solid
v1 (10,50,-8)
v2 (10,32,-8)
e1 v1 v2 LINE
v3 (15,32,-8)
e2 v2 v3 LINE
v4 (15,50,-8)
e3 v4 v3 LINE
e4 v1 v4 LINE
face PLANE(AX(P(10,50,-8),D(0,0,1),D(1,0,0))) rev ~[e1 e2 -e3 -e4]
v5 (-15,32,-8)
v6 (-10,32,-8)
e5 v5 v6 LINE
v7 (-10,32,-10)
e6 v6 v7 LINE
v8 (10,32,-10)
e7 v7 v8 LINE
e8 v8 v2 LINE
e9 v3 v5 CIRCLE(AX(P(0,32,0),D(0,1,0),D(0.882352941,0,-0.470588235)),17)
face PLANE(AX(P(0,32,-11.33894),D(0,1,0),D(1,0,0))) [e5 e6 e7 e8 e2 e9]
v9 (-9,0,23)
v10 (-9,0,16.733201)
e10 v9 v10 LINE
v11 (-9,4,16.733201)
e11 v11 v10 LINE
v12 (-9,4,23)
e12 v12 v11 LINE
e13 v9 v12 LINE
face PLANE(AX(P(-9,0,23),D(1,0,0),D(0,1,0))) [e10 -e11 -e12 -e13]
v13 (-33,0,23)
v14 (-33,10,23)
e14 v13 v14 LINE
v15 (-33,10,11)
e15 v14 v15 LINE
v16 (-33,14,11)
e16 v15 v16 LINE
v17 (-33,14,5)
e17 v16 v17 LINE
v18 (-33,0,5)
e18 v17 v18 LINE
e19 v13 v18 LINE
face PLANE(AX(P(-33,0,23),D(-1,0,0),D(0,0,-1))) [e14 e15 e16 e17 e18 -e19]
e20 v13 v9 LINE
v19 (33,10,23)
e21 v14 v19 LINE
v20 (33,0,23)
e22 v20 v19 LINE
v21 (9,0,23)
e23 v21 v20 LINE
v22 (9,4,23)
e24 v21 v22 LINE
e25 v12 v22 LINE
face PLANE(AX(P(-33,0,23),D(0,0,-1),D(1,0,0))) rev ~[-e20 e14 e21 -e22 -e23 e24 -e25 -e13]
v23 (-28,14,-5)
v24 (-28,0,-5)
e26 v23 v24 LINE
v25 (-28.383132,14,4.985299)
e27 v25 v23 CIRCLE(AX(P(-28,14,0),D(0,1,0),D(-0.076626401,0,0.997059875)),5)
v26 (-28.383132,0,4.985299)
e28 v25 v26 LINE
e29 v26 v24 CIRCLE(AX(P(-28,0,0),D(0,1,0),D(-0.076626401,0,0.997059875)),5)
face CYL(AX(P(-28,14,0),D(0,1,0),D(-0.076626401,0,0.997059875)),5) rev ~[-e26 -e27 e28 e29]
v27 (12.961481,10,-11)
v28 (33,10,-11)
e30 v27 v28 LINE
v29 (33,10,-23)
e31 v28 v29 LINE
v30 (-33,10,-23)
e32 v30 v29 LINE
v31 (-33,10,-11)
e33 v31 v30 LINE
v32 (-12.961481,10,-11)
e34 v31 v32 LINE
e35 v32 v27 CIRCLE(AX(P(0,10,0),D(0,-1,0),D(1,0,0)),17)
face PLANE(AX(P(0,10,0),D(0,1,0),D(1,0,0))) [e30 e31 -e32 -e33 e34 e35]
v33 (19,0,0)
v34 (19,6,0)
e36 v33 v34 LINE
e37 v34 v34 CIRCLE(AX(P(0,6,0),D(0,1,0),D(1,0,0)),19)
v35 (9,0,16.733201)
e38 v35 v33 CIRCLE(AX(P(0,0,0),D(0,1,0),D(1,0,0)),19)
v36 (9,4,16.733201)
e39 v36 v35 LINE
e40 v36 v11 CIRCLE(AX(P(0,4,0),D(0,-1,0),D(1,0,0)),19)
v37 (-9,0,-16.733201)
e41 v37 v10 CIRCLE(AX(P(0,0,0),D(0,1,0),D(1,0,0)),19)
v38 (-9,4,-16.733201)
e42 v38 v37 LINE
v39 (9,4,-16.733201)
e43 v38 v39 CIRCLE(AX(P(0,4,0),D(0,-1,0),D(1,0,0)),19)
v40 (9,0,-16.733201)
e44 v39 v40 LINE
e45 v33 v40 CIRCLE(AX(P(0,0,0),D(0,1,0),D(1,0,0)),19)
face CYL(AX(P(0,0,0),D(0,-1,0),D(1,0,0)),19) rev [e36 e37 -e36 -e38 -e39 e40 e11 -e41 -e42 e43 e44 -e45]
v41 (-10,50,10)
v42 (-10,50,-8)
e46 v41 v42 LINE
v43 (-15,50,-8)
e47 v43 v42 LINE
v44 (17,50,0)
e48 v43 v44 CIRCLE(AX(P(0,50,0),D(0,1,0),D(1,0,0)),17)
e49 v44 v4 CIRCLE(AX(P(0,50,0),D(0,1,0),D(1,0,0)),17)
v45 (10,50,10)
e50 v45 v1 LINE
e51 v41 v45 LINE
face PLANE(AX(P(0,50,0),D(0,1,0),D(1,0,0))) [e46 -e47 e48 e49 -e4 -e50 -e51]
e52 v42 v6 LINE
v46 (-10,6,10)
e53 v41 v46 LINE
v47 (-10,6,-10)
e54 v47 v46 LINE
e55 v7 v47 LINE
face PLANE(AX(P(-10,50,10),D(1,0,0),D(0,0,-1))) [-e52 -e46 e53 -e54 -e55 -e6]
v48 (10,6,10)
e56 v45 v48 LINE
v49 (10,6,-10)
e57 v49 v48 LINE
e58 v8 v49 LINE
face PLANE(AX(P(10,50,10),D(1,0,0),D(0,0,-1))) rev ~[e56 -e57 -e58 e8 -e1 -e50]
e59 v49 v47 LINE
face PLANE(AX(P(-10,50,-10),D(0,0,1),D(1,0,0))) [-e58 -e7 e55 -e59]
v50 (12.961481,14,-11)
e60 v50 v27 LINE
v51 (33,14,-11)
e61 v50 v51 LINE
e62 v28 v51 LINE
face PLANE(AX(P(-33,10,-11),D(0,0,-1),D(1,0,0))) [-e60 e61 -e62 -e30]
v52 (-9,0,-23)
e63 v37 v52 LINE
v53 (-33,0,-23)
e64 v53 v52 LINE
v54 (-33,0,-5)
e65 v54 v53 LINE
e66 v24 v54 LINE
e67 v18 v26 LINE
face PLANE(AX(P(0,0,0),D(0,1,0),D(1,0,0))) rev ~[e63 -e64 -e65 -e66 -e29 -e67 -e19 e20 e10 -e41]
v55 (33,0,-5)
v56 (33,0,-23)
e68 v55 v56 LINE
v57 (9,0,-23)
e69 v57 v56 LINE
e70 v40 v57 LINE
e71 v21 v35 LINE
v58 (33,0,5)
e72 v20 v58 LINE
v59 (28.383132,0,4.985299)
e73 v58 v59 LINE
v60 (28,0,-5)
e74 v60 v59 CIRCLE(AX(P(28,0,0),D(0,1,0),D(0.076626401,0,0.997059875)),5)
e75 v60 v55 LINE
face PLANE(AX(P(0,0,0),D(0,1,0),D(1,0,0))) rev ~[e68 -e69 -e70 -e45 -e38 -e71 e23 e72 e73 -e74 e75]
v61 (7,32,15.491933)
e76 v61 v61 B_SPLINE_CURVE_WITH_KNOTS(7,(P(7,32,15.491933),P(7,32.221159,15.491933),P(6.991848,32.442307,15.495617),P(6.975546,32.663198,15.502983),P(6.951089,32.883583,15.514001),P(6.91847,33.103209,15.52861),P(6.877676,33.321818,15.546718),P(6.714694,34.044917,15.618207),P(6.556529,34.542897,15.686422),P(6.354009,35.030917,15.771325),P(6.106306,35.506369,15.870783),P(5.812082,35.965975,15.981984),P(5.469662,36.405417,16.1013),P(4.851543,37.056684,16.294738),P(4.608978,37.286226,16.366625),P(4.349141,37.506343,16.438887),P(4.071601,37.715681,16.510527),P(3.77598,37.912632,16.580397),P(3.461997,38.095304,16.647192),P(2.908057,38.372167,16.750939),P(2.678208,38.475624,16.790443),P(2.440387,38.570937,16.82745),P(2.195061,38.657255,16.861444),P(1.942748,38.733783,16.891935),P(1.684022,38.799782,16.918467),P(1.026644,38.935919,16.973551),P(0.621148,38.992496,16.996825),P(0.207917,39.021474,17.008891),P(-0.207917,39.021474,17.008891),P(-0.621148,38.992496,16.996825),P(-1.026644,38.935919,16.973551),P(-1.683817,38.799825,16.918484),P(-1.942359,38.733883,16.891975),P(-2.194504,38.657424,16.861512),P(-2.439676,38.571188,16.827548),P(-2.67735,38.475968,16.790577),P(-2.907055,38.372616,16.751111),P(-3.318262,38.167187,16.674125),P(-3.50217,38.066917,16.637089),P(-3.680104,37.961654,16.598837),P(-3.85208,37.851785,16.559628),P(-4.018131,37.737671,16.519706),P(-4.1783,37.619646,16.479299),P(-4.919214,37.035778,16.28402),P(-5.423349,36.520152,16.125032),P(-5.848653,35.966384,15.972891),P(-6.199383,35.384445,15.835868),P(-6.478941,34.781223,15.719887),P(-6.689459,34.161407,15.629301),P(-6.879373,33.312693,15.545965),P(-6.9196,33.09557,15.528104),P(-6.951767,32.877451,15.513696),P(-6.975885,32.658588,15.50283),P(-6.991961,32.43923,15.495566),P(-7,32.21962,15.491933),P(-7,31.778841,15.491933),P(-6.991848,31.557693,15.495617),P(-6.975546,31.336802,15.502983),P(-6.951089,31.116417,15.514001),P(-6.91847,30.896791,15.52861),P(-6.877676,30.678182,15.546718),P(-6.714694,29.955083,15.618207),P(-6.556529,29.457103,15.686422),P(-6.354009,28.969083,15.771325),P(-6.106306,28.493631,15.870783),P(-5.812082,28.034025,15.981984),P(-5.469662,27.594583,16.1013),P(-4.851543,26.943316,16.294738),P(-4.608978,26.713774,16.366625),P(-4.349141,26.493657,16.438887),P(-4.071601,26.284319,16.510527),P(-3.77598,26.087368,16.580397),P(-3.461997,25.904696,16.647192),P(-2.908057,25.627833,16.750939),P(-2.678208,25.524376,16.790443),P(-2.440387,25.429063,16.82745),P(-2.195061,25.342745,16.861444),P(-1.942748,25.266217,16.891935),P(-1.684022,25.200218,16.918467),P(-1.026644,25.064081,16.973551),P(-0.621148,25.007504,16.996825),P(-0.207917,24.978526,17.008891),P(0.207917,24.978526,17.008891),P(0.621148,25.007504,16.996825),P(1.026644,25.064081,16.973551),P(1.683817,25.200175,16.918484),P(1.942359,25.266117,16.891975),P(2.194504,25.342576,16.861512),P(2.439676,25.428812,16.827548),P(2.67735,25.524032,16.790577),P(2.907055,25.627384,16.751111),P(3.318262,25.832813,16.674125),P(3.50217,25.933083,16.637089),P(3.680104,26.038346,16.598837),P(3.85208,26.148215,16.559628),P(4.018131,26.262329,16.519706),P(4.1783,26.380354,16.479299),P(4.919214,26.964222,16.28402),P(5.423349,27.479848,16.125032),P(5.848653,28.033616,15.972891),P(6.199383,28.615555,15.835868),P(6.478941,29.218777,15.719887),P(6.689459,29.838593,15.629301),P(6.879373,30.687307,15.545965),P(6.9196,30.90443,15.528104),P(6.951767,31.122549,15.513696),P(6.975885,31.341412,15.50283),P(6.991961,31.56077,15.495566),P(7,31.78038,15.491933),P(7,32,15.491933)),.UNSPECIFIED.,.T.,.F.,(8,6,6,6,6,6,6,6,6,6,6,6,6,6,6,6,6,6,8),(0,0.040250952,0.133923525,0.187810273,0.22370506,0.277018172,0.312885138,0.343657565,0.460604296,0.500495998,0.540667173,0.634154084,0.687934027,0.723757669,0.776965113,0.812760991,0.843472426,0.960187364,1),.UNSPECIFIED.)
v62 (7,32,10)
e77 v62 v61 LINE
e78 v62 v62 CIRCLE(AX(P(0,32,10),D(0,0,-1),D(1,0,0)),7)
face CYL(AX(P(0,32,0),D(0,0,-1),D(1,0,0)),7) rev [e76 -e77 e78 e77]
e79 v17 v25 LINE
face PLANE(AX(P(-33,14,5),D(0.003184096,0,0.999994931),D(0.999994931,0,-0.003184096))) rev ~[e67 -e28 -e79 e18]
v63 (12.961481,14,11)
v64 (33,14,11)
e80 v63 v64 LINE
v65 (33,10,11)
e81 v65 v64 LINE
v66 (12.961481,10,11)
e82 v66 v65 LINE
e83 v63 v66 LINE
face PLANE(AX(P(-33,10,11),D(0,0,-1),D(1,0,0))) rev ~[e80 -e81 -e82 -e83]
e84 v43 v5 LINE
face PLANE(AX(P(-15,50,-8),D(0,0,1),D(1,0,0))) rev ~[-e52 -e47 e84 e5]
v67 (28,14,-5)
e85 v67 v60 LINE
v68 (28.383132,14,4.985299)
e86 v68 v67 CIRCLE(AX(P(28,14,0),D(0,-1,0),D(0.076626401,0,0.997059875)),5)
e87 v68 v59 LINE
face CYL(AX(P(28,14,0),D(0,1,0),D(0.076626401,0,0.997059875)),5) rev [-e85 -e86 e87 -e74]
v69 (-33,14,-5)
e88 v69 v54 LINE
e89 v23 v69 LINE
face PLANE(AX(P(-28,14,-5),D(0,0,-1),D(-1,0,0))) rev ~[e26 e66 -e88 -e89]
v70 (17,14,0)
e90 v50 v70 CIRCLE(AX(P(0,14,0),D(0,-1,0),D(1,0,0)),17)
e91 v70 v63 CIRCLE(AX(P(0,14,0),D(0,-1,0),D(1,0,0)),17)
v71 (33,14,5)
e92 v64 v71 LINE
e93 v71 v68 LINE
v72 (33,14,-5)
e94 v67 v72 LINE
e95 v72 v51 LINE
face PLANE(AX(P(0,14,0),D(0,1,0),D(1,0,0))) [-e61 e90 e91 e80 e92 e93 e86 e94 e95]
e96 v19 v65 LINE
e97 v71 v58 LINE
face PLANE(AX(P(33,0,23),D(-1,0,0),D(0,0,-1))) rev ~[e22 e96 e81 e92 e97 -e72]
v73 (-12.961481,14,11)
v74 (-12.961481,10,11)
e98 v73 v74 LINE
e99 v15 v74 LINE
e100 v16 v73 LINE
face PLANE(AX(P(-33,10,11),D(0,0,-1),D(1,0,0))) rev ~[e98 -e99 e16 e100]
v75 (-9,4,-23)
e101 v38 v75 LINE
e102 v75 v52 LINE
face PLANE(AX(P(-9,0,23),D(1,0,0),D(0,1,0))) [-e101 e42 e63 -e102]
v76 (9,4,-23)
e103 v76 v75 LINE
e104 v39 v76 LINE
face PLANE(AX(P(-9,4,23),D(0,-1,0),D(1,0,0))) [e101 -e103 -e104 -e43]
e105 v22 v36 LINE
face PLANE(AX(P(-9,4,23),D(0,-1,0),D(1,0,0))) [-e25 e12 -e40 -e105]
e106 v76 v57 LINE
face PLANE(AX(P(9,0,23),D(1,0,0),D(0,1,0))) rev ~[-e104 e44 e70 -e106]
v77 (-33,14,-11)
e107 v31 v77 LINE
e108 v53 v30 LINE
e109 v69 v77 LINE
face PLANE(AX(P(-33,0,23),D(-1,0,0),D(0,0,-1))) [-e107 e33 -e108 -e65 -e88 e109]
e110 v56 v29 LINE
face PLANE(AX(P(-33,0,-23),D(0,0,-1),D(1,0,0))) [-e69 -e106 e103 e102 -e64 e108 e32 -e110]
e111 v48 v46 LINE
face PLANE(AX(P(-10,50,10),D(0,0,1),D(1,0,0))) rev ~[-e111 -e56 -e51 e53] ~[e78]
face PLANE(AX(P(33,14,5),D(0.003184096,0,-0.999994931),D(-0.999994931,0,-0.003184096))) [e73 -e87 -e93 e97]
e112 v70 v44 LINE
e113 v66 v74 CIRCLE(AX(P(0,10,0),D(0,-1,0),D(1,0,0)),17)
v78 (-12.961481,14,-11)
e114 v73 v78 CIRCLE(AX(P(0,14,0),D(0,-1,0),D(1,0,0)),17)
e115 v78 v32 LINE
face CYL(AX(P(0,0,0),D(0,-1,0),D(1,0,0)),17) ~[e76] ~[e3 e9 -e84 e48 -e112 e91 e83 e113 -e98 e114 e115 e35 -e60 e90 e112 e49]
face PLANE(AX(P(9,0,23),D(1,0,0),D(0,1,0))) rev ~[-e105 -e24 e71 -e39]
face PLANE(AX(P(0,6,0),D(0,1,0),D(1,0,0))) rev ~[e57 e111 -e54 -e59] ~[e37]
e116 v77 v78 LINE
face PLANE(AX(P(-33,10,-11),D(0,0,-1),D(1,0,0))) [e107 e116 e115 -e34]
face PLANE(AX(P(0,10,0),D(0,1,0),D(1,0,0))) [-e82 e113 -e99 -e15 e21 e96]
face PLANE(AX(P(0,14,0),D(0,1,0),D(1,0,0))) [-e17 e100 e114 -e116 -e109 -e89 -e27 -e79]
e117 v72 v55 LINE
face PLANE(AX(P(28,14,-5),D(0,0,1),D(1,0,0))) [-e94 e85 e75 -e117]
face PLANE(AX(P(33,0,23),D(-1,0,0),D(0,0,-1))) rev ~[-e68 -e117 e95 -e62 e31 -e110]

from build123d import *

# Parameters (mm, degrees)
SKETCH_1_W          = 66
SKETCH_1_H          = 46
EXTRUDE_1_DEPTH     = 10
SKETCH_2_W          = 66
SKETCH_2_H          = 22
EXTRUDE_2_DEPTH     = 4
SKETCH_3_R          = 17
EXTRUDE_3_DEPTH     = 50
SKETCH_4_W          = 18
SKETCH_4_H          = 4
CUT_EXTRUDE_1_DEPTH = 47
CUT_EXTRUDE_2_DEPTH = 15
SKETCH_6_W          = 20
SKETCH_6_H          = 20
CUT_EXTRUDE_3_DEPTH = 51
CUT_EXTRUDE_4_DEPTH = 18
SKETCH_8_R          = 7
CUT_EXTRUDE_5_DEPTH = 24
SKETCH_9_R          = 19
CUT_EXTRUDE_6_DEPTH = 6


with BuildPart() as part:
    # 草图1 → 凸台-拉伸1 (new body)
    with BuildSketch(Plane(origin=(0, 0, 0), x_dir=(1, 0, 0), z_dir=(0, 1, 0))):
        Rectangle(SKETCH_1_W, SKETCH_1_H)
    extrude(amount=EXTRUDE_1_DEPTH)

    # 草图2 → 凸台-拉伸2 (add)
    with BuildSketch(Plane(origin=(0, 10, 0), x_dir=(1, 0, 0), z_dir=(0, 1, 0))):
        Rectangle(SKETCH_2_W, SKETCH_2_H)
    extrude(amount=EXTRUDE_2_DEPTH)

    # 草图3 → 凸台-拉伸3 (add)
    with BuildSketch(Plane(origin=(0, 0, 0), x_dir=(1, 0, 0), z_dir=(0, 1, 0))):
        Circle(SKETCH_3_R)
    extrude(amount=EXTRUDE_3_DEPTH)

    # 草图4 → 切除-拉伸1 (cut, through all)
    with BuildSketch(Plane.XY.offset(23)):
        with Locations((0, 2)):
            Rectangle(SKETCH_4_W, SKETCH_4_H)
    extrude(amount=-CUT_EXTRUDE_1_DEPTH, mode=Mode.SUBTRACT)

    # 草图5 → 切除-拉伸2 (cut, through all)
    with BuildSketch(Plane(origin=(0, 14, 0), x_dir=(1, 0, 0), z_dir=(0, 1, 0))):
        with BuildLine():
            Line((-28, 5), (-33, 5))
            Line((-33, 5), (-33, -5))
            Line((-33, -5), (-28.383132006, -4.985299376))
            ThreePointArc((-28.383132006, -4.985299376), (-23.003676508, -0.191706965), (-28, 5))
        make_face()
        with BuildLine():
            Line((33, -5), (28.383132006, -4.985299376))
            ThreePointArc((28.383132006, -4.985299376), (23.003676508, -0.191706965), (28, 5))
            Line((28, 5), (33, 5))
            Line((33, 5), (33, -5))
        make_face()
    extrude(amount=-CUT_EXTRUDE_2_DEPTH, mode=Mode.SUBTRACT)

    # 草图6 → 切除-拉伸3 (cut, through all)
    with BuildSketch(Plane(origin=(0, 50, 0), x_dir=(1, 0, 0), z_dir=(0, 1, 0))):
        Rectangle(SKETCH_6_W, SKETCH_6_H)
    extrude(amount=-CUT_EXTRUDE_3_DEPTH, mode=Mode.SUBTRACT)

    # 草图7 → 切除-拉伸4 (cut)
    with BuildSketch(Plane(origin=(0, 50, 0), x_dir=(1, 0, 0), z_dir=(0, 1, 0))):
        with BuildLine():
            Line((-15, 8), (-10, 8))
            Line((-10, 8), (-10, 10))
            Line((-10, 10), (10, 10))
            Line((10, 10), (10, 8))
            Line((10, 8), (15, 8))
            ThreePointArc((15, 8), (0, 17), (-15, 8))
        make_face()
    extrude(amount=-CUT_EXTRUDE_4_DEPTH, mode=Mode.SUBTRACT)

    # 草图8 → 切除-拉伸5 (cut, through all)
    with BuildSketch(Plane.XY):
        with Locations((0, 32)):
            Circle(SKETCH_8_R)
    extrude(amount=CUT_EXTRUDE_5_DEPTH, mode=Mode.SUBTRACT)

    # 草图9 → 切除-拉伸6 (cut)
    with BuildSketch(Plane(origin=(0, 0, 0), x_dir=(1, 0, 0), z_dir=(0, 1, 0))):
        Circle(SKETCH_9_R)
    extrude(amount=CUT_EXTRUDE_6_DEPTH, mode=Mode.SUBTRACT)


solid = part.part
